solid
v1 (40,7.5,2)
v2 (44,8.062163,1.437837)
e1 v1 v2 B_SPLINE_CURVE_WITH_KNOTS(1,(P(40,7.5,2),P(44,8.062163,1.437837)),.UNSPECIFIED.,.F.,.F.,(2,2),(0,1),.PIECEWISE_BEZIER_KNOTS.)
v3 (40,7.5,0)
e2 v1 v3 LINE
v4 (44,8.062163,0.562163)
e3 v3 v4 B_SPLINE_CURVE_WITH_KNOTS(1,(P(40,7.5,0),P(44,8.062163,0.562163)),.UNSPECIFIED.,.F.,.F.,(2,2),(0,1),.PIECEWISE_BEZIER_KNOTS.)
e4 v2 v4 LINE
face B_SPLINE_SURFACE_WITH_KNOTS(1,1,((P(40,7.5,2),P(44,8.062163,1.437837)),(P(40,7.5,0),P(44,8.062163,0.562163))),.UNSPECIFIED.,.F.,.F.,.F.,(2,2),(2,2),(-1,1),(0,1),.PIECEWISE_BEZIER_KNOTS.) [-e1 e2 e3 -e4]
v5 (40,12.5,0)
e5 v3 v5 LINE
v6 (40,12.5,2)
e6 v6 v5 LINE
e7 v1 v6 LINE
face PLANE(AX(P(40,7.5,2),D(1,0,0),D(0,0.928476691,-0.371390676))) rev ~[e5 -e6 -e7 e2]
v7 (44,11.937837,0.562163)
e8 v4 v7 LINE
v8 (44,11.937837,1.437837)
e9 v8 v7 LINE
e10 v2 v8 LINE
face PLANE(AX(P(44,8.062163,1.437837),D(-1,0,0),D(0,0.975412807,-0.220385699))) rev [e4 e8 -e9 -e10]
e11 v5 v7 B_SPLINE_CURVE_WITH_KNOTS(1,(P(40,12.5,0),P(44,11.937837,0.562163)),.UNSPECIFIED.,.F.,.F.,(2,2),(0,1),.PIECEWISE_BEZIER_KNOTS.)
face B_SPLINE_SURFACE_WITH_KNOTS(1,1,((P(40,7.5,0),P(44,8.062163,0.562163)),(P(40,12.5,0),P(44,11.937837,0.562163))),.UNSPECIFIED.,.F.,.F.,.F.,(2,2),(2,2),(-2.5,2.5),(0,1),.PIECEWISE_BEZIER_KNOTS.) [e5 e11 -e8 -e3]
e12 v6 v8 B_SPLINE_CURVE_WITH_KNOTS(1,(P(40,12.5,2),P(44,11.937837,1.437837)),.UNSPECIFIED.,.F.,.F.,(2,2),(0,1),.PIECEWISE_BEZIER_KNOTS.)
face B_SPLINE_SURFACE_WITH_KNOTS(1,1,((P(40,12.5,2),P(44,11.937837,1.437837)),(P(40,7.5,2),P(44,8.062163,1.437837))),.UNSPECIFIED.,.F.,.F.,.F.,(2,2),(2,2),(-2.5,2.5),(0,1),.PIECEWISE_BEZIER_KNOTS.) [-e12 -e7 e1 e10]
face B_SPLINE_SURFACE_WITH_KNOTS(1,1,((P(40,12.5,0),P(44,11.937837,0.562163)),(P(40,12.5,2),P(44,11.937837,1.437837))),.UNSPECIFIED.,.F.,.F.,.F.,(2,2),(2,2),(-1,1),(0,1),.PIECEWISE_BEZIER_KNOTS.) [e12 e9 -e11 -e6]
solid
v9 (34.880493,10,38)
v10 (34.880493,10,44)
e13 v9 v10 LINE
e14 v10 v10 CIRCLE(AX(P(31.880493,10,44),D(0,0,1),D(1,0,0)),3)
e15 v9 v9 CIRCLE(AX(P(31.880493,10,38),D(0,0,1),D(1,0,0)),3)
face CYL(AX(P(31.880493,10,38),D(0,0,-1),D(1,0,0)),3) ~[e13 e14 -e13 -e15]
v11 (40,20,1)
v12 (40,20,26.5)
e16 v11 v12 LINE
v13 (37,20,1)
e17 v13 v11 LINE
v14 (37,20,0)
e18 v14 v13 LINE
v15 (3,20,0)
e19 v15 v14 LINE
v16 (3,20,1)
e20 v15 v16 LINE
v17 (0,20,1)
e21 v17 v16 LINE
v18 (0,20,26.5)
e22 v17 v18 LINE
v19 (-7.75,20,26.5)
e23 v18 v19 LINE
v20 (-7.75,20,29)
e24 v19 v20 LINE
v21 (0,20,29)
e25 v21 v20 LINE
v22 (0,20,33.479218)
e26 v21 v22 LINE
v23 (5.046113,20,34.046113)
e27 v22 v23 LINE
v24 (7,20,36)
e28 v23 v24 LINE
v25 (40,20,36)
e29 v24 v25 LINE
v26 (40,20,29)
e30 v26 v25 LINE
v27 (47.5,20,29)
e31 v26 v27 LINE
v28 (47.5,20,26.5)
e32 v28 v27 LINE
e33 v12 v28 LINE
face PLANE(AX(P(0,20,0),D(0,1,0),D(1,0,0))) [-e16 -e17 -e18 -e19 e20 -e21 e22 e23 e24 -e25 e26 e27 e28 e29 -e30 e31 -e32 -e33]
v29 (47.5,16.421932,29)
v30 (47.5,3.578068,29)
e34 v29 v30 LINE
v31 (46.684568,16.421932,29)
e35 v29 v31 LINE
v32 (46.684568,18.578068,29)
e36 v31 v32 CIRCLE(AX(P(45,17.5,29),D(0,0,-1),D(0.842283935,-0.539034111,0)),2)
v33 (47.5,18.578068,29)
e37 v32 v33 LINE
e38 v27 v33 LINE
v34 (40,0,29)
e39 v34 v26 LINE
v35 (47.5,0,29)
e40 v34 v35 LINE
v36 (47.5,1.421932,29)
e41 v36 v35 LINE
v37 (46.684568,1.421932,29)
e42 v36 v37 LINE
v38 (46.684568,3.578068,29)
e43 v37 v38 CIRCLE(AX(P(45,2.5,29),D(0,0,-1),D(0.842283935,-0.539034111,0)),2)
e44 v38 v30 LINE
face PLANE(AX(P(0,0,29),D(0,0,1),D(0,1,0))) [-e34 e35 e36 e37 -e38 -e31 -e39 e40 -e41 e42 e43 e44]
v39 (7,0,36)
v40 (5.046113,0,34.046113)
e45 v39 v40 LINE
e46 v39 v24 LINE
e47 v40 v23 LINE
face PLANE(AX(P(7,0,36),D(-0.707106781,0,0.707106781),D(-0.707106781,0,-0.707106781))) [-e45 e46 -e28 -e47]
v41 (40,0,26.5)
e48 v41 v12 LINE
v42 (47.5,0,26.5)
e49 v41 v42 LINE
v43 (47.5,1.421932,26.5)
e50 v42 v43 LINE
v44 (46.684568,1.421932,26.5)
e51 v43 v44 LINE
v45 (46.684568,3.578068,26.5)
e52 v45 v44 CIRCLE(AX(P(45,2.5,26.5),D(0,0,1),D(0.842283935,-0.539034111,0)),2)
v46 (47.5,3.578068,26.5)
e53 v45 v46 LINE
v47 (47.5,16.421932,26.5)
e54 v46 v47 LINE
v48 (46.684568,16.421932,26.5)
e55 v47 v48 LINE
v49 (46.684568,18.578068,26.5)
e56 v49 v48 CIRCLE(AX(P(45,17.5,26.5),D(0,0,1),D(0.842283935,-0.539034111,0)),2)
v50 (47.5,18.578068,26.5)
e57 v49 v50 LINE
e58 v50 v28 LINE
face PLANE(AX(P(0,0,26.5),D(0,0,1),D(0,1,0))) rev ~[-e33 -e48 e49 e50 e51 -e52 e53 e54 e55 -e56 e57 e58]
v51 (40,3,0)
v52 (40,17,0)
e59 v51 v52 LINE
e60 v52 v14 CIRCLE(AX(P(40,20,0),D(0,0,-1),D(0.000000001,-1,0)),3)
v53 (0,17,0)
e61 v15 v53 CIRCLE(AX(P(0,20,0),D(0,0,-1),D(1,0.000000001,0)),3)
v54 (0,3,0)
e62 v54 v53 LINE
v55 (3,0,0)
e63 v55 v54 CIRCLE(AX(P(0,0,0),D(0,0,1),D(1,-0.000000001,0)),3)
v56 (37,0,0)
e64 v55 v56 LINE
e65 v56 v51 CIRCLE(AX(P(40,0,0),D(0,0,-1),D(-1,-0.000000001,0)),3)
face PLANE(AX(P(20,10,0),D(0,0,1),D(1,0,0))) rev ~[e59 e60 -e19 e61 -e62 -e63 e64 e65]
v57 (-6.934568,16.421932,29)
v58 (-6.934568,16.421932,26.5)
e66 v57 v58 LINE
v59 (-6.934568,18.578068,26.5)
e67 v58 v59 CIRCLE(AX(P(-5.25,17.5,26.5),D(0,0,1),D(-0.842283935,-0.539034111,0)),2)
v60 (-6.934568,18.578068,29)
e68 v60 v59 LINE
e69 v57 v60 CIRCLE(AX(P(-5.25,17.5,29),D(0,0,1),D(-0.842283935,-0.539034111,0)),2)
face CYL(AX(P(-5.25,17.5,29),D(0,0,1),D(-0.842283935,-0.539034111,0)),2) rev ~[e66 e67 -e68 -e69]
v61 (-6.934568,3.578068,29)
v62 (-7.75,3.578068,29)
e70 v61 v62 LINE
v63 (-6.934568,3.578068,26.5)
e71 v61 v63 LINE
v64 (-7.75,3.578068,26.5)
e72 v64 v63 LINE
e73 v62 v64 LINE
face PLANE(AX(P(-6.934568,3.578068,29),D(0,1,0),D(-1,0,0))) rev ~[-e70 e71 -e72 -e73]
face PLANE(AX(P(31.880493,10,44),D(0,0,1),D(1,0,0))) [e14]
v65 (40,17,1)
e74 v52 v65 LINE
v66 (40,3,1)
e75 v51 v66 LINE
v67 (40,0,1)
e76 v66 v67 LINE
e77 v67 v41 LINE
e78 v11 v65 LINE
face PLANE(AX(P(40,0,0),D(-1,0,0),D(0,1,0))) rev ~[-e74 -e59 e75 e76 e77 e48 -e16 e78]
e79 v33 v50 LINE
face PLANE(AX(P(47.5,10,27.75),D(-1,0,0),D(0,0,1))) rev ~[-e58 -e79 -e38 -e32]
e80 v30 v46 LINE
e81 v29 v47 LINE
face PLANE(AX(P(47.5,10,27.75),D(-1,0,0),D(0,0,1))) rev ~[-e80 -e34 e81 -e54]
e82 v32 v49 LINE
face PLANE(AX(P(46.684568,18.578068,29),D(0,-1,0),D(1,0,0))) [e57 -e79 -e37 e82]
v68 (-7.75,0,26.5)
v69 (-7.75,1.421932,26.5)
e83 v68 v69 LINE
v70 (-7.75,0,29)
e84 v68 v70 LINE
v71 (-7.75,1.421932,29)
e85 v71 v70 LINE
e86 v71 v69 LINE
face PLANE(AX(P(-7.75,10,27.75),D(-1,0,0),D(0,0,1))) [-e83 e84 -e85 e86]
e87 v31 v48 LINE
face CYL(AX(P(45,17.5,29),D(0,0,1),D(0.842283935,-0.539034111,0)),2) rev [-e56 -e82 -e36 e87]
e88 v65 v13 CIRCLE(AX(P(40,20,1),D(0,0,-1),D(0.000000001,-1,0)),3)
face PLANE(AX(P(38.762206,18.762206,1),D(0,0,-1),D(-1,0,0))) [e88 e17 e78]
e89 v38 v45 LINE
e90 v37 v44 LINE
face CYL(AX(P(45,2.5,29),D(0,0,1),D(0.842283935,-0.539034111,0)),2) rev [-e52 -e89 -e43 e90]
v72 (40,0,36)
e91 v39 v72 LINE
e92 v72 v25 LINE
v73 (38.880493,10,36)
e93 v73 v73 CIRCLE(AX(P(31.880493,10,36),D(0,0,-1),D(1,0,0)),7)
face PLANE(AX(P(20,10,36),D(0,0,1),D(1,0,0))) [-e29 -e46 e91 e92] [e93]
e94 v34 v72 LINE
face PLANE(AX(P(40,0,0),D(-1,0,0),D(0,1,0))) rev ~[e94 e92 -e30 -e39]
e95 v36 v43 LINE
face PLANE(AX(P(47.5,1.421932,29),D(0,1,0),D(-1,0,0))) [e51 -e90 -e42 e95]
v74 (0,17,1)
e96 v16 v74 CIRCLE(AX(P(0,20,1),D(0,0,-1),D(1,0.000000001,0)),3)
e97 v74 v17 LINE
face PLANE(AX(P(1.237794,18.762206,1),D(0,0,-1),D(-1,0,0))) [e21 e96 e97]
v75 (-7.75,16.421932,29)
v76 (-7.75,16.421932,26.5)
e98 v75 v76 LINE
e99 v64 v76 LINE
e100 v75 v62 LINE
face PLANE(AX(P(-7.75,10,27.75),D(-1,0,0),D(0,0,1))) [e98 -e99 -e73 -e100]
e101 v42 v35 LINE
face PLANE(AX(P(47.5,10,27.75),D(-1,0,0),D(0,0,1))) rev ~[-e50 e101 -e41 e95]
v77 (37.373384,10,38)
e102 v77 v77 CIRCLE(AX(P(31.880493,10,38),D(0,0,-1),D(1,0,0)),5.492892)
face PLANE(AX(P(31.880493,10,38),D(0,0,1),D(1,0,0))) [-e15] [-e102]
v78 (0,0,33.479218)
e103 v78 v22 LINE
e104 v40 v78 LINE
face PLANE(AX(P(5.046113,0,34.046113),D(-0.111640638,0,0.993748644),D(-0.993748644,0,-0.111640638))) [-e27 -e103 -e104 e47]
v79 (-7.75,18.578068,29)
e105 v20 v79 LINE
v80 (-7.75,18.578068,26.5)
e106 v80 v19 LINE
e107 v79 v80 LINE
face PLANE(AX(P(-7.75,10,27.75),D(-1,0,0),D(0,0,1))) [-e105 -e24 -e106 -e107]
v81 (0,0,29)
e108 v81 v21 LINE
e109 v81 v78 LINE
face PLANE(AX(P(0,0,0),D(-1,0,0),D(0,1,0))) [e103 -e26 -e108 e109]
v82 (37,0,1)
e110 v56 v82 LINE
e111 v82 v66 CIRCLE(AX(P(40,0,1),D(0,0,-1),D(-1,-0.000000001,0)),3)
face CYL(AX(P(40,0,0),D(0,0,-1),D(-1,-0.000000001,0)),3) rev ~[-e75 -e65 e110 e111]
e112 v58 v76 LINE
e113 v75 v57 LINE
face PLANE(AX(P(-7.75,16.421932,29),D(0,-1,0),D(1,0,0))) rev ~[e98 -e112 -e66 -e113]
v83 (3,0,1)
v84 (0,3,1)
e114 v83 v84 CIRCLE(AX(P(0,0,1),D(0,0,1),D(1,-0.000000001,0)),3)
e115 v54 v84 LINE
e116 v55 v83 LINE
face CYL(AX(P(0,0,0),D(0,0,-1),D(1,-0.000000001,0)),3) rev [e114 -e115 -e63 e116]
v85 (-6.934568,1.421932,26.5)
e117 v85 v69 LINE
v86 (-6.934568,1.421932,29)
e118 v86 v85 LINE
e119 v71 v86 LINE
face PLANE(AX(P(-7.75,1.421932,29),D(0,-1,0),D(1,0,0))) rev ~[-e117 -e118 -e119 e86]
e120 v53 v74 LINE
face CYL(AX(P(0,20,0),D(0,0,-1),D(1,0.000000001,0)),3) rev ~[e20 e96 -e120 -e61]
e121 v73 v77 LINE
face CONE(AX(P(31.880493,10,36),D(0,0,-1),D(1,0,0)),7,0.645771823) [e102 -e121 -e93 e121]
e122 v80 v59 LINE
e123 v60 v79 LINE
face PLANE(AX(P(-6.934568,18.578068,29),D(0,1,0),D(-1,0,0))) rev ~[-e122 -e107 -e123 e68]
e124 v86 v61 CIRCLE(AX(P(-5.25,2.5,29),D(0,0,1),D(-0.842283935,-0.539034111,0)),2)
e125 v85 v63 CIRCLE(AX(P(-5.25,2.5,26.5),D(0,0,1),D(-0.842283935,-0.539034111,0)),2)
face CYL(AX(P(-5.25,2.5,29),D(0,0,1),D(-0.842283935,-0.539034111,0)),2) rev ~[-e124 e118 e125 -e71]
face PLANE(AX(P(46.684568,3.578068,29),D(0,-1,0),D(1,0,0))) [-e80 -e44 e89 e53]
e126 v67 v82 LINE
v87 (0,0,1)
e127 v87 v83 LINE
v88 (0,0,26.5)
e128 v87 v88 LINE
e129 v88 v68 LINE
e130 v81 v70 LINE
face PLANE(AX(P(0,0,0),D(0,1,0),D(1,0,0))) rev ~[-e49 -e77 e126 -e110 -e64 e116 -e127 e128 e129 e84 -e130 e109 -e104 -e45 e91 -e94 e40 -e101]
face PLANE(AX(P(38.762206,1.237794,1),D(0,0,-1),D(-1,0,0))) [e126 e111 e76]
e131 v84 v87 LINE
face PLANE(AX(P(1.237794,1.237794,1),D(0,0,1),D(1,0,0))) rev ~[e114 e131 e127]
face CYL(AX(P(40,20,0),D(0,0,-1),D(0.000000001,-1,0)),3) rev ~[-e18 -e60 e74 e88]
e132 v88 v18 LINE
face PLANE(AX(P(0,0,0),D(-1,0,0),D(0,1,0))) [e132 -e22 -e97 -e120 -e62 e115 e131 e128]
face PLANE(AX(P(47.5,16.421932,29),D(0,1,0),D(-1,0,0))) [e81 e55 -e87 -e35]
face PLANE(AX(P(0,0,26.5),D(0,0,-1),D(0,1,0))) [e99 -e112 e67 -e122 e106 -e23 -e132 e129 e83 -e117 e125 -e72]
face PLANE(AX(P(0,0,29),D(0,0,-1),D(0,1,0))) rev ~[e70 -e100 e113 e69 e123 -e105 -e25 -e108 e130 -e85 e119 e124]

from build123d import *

# Parameters (mm, degrees)
SKETCH2_W           = 40
SKETCH2_H           = 20
EXTRUDE1_DEPTH      = 36
SKETCH3_W           = 2.5
SKETCH3_H           = 20
EXTRUDE2_DEPTH      = 7.75
EXTRUDE2_DEPTH_BACK = 47.5
EXTRUDE3_DEPTH      = 1
SKETCH5_W           = 2
SKETCH5_H           = 5
EXTRUDE4_DEPTH      = 4
EXTRUDE4_TAPER      = 8
EXTRUDE7_DEPTH      = 24
EXTRUDE7_DEPTH_BACK = 12
SKETCH8_R           = 7
EXTRUDE8_DEPTH      = 2
EXTRUDE8_TAPER      = 37
EXTRUDE9_DEPTH      = 15
EXTRUDE9_DEPTH_BACK = 24
SKETCH10_R          = 3
EXTRUDE10_DEPTH     = 6


with BuildPart() as part:
    # Sketch2 → Extrude1 (new body)
    with BuildSketch(Plane.XY):
        with Locations((20, 10)):
            Rectangle(SKETCH2_W, SKETCH2_H)
    extrude(amount=EXTRUDE1_DEPTH)

    # Sketch3 → Extrude2 (add, two sides)
    with BuildSketch(Plane.ZY) as extrude2_sk:
        with Locations((27.75, 10)):
            Rectangle(SKETCH3_W, SKETCH3_H)
    extrude(amount=EXTRUDE2_DEPTH)
    extrude(extrude2_sk.sketch, amount=-EXTRUDE2_DEPTH_BACK)

    # Sketch4 → Extrude3 (cut)
    with BuildSketch(Plane(origin=(0, 0, 0), x_dir=(-1, 0, 0), z_dir=(0, 0, -1))):
        with BuildLine():
            Line((-37, 20), (-40, 20))
            Line((-40, 20), (-40, 17))
            ThreePointArc((-40, 17), (-37.878679656, 17.878679656), (-37, 20))
        make_face()
        with BuildLine():
            Line((-40, 3), (-40, 0))
            Line((-40, 0), (-37, 0))
            ThreePointArc((-37, 0), (-37.878679656, 2.121320344), (-40, 3))
        make_face()
        with BuildLine():
            Line((0, 3), (0, 0))
            Line((0, 0), (-3, 0))
            ThreePointArc((-3, 0), (-2.121320344, 2.121320344), (0, 3))
        make_face()
        with BuildLine():
            Line((0, 17), (0, 20))
            Line((0, 20), (-3, 20))
            ThreePointArc((-3, 20), (-2.121320344, 17.878679656), (0, 17))
        make_face()
    extrude(amount=-EXTRUDE3_DEPTH, mode=Mode.SUBTRACT)

    # Sketch6 → Extrude7 (cut, two sides)
    with BuildSketch(Plane.XY.offset(29)) as extrude7_sk:
        with BuildLine():
            Line((-6.93456787, 3.578068222), (-7.75, 3.578068222))
            Line((-7.75, 3.578068222), (-7.75, 1.421931778))
            Line((-7.75, 1.421931778), (-6.93456787, 1.421931778))
            ThreePointArc((-6.93456787, 1.421931778), (-3.25, 2.5), (-6.93456787, 3.578068222))
        make_face()
        with BuildLine():
            Line((46.68456787, 18.578068222), (47.5, 18.578068222))
            Line((47.5, 18.578068222), (47.5, 16.421931778))
            Line((47.5, 16.421931778), (46.68456787, 16.421931778))
            ThreePointArc((46.68456787, 16.421931778), (43, 17.5), (46.68456787, 18.578068222))
        make_face()
        with BuildLine():
            ThreePointArc((46.68456787, 1.421931778), (43, 2.5), (46.68456787, 3.578068222))
            Line((46.68456787, 3.578068222), (47.5, 3.578068222))
            Line((47.5, 3.578068222), (47.5, 1.421931778))
            Line((47.5, 1.421931778), (46.68456787, 1.421931778))
        make_face()
        with BuildLine():
            ThreePointArc((-6.93456787, 16.421931778), (-3.25, 17.5), (-6.93456787, 18.578068222))
            Line((-6.93456787, 18.578068222), (-7.75, 18.578068222))
            Line((-7.75, 18.578068222), (-7.75, 16.421931778))
            Line((-7.75, 16.421931778), (-6.93456787, 16.421931778))
        make_face()
    extrude(amount=EXTRUDE7_DEPTH, mode=Mode.SUBTRACT)
    extrude(extrude7_sk.sketch, amount=-EXTRUDE7_DEPTH_BACK, mode=Mode.SUBTRACT)

    # Sketch8 → Extrude8 (add)
    with BuildSketch(Plane.XY.offset(36)):
        with Locations((31.880492546, 10)):
            Circle(SKETCH8_R)
    extrude(amount=EXTRUDE8_DEPTH, taper=EXTRUDE8_TAPER)

    # Sketch9 → Extrude9 (cut, two sides)
    with BuildSketch(Plane.XZ) as extrude9_sk:
        Polygon((7, 36), (5.046113412, 34.046113412), (0, 33.479218226), (0, 34.046113412), (0, 36), align=None)
    extrude(amount=EXTRUDE9_DEPTH, mode=Mode.SUBTRACT)
    extrude(extrude9_sk.sketch, amount=-EXTRUDE9_DEPTH_BACK, mode=Mode.SUBTRACT)

    # Sketch10 → Extrude10 (add)
    with BuildSketch(Plane.XY.offset(38)):
        with Locations((31.880492546, 10)):
            Circle(SKETCH10_R)
    extrude(amount=EXTRUDE10_DEPTH)


with BuildPart() as body_2:
    # Sketch5 → Extrude4 (new body)
    with BuildSketch(Plane(origin=(40, 0, 0), x_dir=(0, 0, -1), z_dir=(1, 0, 0))):
        with Locations((-1, 10)):
            Rectangle(SKETCH5_W, SKETCH5_H)
    extrude(amount=EXTRUDE4_DEPTH, taper=EXTRUDE4_TAPER)


solid = Compound([part.part, body_2.part])
